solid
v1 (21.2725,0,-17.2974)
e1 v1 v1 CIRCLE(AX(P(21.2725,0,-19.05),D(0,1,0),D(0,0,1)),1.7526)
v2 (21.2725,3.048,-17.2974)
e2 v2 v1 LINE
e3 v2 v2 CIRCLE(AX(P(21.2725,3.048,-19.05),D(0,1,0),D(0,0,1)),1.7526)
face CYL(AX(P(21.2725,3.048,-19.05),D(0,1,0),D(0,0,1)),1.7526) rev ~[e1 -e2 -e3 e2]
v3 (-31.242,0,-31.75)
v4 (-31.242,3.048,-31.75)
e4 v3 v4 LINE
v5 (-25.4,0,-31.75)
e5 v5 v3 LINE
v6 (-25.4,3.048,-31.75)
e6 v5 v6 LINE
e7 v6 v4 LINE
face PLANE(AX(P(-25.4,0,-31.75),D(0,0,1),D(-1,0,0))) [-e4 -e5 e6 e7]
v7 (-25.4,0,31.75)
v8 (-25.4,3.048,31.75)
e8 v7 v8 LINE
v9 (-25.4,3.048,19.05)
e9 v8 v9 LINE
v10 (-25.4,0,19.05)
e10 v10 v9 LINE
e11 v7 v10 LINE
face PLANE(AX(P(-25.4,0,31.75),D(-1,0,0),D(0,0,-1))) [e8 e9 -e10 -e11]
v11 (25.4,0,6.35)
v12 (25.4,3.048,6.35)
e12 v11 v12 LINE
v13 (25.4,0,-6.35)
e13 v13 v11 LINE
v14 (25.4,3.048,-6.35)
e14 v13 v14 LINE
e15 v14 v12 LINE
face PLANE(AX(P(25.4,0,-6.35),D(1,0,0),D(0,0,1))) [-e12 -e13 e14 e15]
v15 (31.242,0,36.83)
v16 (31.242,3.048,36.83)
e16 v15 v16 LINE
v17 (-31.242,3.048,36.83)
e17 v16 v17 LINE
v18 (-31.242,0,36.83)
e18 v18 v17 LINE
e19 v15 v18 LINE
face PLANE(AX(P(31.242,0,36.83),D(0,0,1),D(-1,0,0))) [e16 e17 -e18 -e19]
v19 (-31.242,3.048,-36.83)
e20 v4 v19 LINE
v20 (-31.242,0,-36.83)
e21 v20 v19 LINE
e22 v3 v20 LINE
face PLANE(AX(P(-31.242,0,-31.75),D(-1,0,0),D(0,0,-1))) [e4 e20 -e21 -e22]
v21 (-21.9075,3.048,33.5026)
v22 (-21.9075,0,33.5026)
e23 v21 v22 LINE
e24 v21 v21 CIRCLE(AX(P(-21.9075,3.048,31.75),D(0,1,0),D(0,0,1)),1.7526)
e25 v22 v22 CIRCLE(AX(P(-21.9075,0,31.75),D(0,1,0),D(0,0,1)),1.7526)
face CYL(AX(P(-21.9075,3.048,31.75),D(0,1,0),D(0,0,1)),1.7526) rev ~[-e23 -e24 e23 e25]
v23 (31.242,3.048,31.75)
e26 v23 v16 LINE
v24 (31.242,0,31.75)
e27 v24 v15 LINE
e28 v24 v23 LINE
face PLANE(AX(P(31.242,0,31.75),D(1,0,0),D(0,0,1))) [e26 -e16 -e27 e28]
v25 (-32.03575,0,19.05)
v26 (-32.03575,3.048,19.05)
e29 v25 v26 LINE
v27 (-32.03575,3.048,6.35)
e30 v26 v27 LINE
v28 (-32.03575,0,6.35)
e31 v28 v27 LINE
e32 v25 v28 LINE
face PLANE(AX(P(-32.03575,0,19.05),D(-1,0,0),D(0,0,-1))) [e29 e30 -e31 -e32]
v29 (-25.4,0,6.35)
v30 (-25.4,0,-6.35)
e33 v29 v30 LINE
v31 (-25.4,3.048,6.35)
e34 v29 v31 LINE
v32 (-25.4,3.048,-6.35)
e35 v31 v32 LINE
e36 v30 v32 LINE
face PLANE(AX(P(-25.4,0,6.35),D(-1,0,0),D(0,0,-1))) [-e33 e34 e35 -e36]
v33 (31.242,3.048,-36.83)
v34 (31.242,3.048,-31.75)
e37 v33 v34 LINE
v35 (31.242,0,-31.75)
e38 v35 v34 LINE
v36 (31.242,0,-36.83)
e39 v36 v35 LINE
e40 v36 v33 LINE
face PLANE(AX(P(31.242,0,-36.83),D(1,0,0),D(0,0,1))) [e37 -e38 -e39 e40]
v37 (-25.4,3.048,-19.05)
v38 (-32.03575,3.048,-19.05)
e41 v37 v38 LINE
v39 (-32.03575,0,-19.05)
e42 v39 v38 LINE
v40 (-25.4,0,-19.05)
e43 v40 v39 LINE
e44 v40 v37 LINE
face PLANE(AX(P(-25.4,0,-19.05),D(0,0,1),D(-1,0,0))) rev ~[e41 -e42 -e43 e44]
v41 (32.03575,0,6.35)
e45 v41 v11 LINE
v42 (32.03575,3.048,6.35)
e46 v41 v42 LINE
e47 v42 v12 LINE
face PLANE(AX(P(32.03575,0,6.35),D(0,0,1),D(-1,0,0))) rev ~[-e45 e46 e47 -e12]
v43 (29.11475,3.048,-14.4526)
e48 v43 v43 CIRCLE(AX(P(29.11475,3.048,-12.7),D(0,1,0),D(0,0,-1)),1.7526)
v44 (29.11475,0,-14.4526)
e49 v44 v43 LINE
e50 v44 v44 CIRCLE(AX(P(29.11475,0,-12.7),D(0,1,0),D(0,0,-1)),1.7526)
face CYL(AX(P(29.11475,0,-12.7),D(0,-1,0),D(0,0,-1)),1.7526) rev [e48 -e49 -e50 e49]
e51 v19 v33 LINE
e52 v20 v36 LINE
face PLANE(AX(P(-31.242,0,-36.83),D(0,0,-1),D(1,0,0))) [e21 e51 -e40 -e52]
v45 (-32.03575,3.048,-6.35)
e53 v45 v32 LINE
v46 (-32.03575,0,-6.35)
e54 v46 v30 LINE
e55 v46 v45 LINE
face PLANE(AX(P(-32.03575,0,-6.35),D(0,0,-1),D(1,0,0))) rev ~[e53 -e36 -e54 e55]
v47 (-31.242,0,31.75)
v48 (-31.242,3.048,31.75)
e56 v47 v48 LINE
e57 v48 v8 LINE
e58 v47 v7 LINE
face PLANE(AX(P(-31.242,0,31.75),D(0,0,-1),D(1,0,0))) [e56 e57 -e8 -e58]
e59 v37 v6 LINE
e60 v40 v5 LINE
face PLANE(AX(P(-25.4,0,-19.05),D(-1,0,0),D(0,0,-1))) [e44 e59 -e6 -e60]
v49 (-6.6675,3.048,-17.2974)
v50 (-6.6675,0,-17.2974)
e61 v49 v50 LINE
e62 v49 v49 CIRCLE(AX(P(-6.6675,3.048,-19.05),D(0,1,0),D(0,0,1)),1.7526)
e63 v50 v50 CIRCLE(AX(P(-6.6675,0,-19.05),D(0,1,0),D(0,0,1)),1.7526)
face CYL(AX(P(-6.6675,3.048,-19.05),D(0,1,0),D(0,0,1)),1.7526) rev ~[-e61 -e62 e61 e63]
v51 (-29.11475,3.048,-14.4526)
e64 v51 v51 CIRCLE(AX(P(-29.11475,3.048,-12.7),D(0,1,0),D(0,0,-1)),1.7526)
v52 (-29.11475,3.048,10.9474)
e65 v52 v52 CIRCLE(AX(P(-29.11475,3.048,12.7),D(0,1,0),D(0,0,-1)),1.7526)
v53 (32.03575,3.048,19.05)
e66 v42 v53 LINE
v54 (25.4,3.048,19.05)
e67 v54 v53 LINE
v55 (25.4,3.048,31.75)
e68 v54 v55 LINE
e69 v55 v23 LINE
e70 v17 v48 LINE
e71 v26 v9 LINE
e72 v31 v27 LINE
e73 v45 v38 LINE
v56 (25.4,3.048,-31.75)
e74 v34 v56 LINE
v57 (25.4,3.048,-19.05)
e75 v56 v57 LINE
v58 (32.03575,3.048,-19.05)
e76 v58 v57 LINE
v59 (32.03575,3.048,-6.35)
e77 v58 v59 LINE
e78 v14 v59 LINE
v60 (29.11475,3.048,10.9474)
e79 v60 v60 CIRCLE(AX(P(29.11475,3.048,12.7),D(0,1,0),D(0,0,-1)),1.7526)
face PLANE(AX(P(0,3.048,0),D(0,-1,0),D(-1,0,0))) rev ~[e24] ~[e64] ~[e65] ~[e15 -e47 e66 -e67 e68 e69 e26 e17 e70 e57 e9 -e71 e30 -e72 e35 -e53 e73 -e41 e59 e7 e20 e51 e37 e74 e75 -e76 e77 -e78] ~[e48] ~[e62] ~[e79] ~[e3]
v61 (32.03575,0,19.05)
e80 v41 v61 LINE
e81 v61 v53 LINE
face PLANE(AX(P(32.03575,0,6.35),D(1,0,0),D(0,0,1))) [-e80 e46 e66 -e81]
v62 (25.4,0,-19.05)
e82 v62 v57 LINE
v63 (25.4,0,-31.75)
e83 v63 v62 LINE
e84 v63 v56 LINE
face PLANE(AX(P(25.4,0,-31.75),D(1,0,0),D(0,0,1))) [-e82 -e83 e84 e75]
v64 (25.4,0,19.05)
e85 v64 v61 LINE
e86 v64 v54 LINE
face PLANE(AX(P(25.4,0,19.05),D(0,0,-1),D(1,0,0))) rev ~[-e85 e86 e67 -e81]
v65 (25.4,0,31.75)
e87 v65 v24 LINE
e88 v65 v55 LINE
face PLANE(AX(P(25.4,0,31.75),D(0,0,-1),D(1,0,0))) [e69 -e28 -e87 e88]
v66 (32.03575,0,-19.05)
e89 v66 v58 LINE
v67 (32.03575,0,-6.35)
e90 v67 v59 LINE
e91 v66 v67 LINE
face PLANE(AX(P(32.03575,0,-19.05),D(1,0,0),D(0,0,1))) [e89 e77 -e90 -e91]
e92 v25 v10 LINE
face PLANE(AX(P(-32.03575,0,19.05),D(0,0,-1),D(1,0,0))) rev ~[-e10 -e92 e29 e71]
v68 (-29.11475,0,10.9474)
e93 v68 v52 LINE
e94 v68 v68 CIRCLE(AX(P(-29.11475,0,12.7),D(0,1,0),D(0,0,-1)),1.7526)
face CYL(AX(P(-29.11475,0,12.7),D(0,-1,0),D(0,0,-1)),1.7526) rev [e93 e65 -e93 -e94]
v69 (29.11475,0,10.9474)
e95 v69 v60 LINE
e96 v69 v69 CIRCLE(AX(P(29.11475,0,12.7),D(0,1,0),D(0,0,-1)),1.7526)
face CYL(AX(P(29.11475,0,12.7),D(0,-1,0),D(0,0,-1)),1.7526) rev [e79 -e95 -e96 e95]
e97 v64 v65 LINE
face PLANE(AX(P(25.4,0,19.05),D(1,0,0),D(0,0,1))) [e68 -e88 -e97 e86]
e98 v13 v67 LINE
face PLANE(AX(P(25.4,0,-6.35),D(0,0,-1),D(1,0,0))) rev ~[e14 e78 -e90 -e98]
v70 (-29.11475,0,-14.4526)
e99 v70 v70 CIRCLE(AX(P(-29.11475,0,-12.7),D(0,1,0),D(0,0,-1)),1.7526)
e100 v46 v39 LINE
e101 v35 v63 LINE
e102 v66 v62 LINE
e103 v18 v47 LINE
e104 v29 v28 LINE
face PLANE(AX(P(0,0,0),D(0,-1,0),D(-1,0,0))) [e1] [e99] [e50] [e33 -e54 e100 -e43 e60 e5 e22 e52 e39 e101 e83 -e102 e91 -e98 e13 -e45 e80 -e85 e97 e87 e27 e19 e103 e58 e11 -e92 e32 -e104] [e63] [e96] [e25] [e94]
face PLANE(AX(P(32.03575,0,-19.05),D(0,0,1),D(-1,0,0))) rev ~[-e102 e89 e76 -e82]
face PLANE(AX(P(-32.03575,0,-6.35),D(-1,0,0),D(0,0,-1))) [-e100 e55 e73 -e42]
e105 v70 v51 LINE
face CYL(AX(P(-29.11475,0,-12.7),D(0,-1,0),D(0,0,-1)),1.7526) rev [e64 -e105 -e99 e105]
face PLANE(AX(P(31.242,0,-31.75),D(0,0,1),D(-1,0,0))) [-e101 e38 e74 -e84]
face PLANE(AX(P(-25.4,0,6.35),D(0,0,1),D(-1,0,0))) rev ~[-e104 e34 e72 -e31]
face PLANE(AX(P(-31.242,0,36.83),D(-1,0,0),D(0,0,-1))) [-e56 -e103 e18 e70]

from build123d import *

# Parameters (mm, degrees)
SKETCH1_R           = 1.7526
BOSS_EXTRUDE1_DEPTH = 3.048
SKETCH2_R           = 1.7526
CUT_EXTRUDE1_DEPTH  = 49.908368221


with BuildPart() as part:
    # Sketch1 → Boss-Extrude1 (new body)
    with BuildSketch(Plane(origin=(0, 0, 0), x_dir=(1, 0, 0), z_dir=(0, 1, 0))):
        Polygon((31.242, -36.83), (-31.242, -36.83), (-31.242, -31.75), (-25.4, -31.75), (-25.4, -19.05), (-31.242, -19.05), (-32.03575, -19.05), (-32.03575, -6.35), (-31.242, -6.35), (-25.4, -6.35), (-25.4, 6.35), (-31.242, 6.35), (-32.03575, 6.35), (-32.03575, 19.05), (-31.242, 19.05), (-25.4, 19.05), (-25.4, 31.75), (-31.242, 31.75), (-31.242, 36.83), (31.242, 36.83), (31.242, 31.75), (25.4, 31.75), (25.4, 19.05), (31.242, 19.05), (32.03575, 19.05), (32.03575, 6.35), (31.242, 6.35), (25.4, 6.35), (25.4, -6.35), (31.242, -6.35), (32.03575, -6.35), (32.03575, -19.05), (31.242, -19.05), (25.4, -19.05), (25.4, -31.75), (31.242, -31.75), align=None)
        with Locations(Location((-29.11475, 12.7, 0), (0, 0, 90))):
            Circle(SKETCH1_R, mode=Mode.SUBTRACT)
        with Locations(Location((-29.11475, -12.7, 0), (0, 0, 90))):
            Circle(SKETCH1_R, mode=Mode.SUBTRACT)
        with Locations(Location((29.11475, -12.7, 0), (0, 0, 90))):
            Circle(SKETCH1_R, mode=Mode.SUBTRACT)
        with Locations(Location((29.11475, 12.7, 0), (0, 0, 90))):
            Circle(SKETCH1_R, mode=Mode.SUBTRACT)
    extrude(amount=BOSS_EXTRUDE1_DEPTH)

    # Sketch2 → Cut-Extrude1 (cut, through all)
    with BuildSketch(Plane(origin=(0, 3.048, 0), x_dir=(1, 0, 0), z_dir=(0, 1, 0))):
        with Locations(Location((21.2725, 19.05, 0), (0, 0, 270))):
            Circle(SKETCH2_R)
        with Locations(Location((-6.6675, 19.05, 0), (0, 0, 270))):
            Circle(SKETCH2_R)
        with Locations(Location((-21.9075, -31.75, 0), (0, 0, 270))):
            Circle(SKETCH2_R)
    extrude(amount=-CUT_EXTRUDE1_DEPTH, mode=Mode.SUBTRACT)


solid = part.part
